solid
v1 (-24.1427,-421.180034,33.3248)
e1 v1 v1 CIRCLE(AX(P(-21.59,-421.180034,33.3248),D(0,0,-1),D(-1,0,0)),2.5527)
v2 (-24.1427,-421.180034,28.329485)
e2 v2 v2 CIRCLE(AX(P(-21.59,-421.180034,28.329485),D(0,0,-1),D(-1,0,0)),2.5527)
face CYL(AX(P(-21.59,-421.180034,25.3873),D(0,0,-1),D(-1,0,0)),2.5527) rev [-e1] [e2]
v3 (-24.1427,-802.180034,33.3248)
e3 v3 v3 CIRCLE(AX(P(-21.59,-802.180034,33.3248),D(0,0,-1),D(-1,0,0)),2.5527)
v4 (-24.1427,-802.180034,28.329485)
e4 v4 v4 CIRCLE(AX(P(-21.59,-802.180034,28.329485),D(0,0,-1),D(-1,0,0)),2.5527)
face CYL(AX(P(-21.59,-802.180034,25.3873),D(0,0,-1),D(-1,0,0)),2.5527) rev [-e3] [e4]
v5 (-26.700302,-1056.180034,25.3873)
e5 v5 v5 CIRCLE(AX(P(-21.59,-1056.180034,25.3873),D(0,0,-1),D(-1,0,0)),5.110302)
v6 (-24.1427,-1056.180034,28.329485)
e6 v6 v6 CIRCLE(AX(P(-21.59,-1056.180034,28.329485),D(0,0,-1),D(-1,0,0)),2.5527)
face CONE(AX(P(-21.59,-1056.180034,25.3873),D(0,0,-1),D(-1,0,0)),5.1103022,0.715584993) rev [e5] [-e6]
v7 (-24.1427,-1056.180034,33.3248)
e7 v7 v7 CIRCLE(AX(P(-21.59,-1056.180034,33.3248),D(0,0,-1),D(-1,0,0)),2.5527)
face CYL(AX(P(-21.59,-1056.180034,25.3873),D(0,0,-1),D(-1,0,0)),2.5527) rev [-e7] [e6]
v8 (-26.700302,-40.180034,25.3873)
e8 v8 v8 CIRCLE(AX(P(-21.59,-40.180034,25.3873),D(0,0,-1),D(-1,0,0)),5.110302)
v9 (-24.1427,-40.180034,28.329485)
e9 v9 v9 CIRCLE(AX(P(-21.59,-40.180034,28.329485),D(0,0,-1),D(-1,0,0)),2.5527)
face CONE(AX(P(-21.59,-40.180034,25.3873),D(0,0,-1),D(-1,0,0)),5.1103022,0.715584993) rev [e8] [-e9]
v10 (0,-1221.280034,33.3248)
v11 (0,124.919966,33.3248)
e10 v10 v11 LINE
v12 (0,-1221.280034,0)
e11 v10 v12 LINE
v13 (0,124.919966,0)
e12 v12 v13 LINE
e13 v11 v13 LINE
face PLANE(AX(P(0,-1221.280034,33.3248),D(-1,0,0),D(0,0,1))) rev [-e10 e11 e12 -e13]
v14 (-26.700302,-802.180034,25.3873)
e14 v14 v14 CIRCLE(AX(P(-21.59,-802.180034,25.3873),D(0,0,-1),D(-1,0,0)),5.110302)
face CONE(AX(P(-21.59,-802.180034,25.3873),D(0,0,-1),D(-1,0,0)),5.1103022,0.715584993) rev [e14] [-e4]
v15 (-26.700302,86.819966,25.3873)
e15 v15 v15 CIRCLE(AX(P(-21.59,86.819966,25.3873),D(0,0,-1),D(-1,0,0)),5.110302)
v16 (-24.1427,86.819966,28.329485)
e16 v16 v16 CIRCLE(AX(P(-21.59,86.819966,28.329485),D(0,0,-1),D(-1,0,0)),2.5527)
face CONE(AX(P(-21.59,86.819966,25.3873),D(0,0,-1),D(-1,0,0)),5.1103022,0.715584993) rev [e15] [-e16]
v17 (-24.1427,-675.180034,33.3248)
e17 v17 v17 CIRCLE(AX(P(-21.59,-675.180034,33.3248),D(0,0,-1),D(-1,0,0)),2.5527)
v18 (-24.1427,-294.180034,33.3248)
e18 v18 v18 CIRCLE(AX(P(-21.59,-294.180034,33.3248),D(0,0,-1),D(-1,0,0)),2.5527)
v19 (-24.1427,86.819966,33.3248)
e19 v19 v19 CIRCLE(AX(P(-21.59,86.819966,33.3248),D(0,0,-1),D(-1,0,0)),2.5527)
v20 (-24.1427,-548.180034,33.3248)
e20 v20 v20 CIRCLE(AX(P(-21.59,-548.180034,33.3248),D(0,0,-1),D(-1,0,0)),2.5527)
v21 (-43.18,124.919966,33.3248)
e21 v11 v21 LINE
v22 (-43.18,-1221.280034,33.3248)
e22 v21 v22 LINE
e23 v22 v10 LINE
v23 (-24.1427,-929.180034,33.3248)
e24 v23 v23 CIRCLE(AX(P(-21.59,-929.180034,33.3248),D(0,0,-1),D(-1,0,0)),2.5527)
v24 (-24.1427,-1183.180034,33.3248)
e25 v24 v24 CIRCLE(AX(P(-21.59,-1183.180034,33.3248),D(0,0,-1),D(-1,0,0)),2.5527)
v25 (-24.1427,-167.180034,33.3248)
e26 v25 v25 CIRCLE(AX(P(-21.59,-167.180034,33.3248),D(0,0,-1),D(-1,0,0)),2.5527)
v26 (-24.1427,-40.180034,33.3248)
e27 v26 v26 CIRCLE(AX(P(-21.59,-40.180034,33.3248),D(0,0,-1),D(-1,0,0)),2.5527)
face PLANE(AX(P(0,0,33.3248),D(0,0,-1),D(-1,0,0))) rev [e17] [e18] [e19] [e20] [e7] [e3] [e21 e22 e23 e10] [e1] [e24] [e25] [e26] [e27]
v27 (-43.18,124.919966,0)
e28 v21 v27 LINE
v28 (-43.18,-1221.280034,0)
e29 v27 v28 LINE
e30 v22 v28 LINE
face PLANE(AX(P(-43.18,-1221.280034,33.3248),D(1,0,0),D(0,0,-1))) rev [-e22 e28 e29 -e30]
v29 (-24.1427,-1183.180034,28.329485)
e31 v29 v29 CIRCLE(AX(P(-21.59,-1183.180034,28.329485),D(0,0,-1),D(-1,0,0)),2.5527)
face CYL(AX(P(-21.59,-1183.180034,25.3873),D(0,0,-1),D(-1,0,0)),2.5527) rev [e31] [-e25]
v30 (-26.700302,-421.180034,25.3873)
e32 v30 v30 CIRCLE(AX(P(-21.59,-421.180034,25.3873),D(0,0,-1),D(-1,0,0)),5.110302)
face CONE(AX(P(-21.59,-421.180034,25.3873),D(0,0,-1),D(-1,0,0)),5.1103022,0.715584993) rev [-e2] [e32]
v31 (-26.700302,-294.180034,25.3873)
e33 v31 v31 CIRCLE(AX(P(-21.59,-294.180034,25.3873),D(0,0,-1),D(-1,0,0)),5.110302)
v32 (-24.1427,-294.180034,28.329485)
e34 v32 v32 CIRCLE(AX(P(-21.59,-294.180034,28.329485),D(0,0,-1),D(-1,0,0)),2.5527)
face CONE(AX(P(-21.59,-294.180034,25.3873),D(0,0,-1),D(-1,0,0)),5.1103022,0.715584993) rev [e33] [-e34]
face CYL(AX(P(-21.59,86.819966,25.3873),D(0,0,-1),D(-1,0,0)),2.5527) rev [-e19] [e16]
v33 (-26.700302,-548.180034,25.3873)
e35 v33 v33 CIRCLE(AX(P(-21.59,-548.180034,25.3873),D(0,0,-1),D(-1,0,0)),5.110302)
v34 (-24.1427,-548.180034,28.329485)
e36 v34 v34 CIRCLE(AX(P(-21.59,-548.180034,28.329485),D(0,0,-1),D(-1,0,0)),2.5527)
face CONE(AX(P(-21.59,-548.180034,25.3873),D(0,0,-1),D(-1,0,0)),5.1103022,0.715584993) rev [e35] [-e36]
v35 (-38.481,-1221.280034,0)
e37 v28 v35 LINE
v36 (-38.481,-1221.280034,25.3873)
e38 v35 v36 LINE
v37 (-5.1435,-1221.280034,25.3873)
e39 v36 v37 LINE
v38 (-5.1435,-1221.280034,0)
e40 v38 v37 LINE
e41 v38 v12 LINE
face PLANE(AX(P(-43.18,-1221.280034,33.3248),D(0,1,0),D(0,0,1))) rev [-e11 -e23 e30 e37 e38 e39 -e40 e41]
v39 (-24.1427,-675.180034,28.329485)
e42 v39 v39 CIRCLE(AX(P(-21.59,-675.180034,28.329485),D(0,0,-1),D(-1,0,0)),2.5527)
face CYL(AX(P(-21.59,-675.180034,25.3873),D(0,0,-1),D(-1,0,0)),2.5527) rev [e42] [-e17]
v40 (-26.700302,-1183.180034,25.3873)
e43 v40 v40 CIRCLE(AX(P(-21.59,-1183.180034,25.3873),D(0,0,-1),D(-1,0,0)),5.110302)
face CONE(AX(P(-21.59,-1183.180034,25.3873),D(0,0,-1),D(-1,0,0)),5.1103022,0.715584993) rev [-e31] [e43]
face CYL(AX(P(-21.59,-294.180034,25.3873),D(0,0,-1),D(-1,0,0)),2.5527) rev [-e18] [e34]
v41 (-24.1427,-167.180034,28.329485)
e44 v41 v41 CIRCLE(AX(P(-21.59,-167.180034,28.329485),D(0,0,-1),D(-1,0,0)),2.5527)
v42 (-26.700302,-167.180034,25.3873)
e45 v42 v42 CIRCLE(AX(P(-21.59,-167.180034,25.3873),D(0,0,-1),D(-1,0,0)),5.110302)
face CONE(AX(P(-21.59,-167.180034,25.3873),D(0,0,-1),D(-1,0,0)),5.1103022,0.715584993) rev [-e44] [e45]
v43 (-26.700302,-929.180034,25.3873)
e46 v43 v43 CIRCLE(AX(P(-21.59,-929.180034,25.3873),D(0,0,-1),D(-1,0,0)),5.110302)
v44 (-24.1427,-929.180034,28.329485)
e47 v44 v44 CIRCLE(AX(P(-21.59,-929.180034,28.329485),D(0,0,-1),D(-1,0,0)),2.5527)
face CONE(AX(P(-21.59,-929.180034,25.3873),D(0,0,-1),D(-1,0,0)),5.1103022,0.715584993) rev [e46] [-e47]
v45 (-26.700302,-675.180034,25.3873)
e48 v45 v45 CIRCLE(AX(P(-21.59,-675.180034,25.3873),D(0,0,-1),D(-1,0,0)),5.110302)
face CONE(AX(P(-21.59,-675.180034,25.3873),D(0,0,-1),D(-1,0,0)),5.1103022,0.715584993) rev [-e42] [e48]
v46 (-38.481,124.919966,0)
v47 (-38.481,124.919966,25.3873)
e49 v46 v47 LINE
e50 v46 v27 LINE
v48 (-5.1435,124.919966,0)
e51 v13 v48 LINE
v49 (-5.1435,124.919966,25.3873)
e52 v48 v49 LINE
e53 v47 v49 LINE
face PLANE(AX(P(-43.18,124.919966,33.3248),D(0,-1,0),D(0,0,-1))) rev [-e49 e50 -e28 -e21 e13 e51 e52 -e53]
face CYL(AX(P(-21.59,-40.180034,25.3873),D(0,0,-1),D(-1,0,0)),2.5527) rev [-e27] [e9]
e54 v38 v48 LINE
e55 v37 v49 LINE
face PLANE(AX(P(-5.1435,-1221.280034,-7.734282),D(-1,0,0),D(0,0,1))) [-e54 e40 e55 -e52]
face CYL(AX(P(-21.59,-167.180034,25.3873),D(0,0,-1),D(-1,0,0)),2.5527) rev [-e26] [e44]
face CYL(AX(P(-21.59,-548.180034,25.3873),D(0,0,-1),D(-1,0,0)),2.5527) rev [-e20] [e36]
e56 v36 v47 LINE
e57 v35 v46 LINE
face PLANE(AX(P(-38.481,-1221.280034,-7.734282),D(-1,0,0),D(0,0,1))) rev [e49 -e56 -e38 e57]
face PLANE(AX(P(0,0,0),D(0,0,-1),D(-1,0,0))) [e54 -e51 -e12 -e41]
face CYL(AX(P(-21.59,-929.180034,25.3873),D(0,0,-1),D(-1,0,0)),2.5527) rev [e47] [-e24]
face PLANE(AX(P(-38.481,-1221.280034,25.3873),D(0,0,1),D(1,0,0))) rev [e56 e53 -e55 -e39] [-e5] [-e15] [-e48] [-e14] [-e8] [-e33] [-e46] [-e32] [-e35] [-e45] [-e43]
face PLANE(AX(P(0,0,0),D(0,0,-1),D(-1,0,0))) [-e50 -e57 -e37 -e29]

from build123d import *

# Parameters (mm, degrees)
SKETCH1_W                                       = 43.18
SKETCH1_H                                       = 1346.2
BOSS_EXTRUDE1_DEPTH                             = 33.3248
SKETCH9_W                                       = 33.3375
SKETCH9_H                                       = 33.121582444
CUT_EXTRUDE1_DEPTH                              = 1348.304529308
CSK_FOR_10_FLAT_HEAD_MACHINE_SCREW3_D           = 5.1054
CSK_FOR_10_FLAT_HEAD_MACHINE_SCREW3_DEPTH       = 76.2
CSK_FOR_10_FLAT_HEAD_MACHINE_SCREW3_CSINK_D     = 10.2206044
CSK_FOR_10_FLAT_HEAD_MACHINE_SCREW3_CSINK_ANGLE = 82
CSK_FOR_10_FLAT_HEAD_MACHINE_SCREW3_TIP         = 1.533816902


with BuildPart() as part:
    # Sketch1 → Boss-Extrude1 (new body)
    with BuildSketch(Plane.XY):
        with Locations((-21.59, -548.180033686)):
            Rectangle(SKETCH1_W, SKETCH1_H)
    extrude(amount=BOSS_EXTRUDE1_DEPTH)

    # Sketch9 → Cut-Extrude1 (cut, through all)
    with BuildSketch(Plane(origin=(0, 124.919966314, 0), x_dir=(1, 0, 0), z_dir=(0, 1, 0))):
        with Locations((-21.81225, -8.826508778)):
            Rectangle(SKETCH9_W, SKETCH9_H)
    extrude(amount=-CUT_EXTRUDE1_DEPTH, mode=Mode.SUBTRACT)

    # CSK for #10 Flat Head Machine Screw3
    with Locations(Plane(origin=(0, 0, 25.3873), x_dir=(-1, 0, 0), z_dir=(0, 0, -1))):
        with Locations((21.59, -1183.180033686), (21.59, -1056.180033686), (21.59, -929.180033686), (21.59, -802.180033686), (21.59, -675.180033686), (21.59, -548.180033686), (21.59, -421.180033686), (21.59, -294.180033686), (21.59, -167.180033686), (21.59, -40.180033686), (21.59, 86.819966314)):
            CounterSinkHole(CSK_FOR_10_FLAT_HEAD_MACHINE_SCREW3_D / 2, CSK_FOR_10_FLAT_HEAD_MACHINE_SCREW3_CSINK_D / 2, depth=CSK_FOR_10_FLAT_HEAD_MACHINE_SCREW3_DEPTH, counter_sink_angle=CSK_FOR_10_FLAT_HEAD_MACHINE_SCREW3_CSINK_ANGLE)
            with Locations((0, 0, -(CSK_FOR_10_FLAT_HEAD_MACHINE_SCREW3_DEPTH + CSK_FOR_10_FLAT_HEAD_MACHINE_SCREW3_TIP / 2))):  # 118° drill point
                Cone(0, CSK_FOR_10_FLAT_HEAD_MACHINE_SCREW3_D / 2, CSK_FOR_10_FLAT_HEAD_MACHINE_SCREW3_TIP, mode=Mode.SUBTRACT)


solid = part.part
